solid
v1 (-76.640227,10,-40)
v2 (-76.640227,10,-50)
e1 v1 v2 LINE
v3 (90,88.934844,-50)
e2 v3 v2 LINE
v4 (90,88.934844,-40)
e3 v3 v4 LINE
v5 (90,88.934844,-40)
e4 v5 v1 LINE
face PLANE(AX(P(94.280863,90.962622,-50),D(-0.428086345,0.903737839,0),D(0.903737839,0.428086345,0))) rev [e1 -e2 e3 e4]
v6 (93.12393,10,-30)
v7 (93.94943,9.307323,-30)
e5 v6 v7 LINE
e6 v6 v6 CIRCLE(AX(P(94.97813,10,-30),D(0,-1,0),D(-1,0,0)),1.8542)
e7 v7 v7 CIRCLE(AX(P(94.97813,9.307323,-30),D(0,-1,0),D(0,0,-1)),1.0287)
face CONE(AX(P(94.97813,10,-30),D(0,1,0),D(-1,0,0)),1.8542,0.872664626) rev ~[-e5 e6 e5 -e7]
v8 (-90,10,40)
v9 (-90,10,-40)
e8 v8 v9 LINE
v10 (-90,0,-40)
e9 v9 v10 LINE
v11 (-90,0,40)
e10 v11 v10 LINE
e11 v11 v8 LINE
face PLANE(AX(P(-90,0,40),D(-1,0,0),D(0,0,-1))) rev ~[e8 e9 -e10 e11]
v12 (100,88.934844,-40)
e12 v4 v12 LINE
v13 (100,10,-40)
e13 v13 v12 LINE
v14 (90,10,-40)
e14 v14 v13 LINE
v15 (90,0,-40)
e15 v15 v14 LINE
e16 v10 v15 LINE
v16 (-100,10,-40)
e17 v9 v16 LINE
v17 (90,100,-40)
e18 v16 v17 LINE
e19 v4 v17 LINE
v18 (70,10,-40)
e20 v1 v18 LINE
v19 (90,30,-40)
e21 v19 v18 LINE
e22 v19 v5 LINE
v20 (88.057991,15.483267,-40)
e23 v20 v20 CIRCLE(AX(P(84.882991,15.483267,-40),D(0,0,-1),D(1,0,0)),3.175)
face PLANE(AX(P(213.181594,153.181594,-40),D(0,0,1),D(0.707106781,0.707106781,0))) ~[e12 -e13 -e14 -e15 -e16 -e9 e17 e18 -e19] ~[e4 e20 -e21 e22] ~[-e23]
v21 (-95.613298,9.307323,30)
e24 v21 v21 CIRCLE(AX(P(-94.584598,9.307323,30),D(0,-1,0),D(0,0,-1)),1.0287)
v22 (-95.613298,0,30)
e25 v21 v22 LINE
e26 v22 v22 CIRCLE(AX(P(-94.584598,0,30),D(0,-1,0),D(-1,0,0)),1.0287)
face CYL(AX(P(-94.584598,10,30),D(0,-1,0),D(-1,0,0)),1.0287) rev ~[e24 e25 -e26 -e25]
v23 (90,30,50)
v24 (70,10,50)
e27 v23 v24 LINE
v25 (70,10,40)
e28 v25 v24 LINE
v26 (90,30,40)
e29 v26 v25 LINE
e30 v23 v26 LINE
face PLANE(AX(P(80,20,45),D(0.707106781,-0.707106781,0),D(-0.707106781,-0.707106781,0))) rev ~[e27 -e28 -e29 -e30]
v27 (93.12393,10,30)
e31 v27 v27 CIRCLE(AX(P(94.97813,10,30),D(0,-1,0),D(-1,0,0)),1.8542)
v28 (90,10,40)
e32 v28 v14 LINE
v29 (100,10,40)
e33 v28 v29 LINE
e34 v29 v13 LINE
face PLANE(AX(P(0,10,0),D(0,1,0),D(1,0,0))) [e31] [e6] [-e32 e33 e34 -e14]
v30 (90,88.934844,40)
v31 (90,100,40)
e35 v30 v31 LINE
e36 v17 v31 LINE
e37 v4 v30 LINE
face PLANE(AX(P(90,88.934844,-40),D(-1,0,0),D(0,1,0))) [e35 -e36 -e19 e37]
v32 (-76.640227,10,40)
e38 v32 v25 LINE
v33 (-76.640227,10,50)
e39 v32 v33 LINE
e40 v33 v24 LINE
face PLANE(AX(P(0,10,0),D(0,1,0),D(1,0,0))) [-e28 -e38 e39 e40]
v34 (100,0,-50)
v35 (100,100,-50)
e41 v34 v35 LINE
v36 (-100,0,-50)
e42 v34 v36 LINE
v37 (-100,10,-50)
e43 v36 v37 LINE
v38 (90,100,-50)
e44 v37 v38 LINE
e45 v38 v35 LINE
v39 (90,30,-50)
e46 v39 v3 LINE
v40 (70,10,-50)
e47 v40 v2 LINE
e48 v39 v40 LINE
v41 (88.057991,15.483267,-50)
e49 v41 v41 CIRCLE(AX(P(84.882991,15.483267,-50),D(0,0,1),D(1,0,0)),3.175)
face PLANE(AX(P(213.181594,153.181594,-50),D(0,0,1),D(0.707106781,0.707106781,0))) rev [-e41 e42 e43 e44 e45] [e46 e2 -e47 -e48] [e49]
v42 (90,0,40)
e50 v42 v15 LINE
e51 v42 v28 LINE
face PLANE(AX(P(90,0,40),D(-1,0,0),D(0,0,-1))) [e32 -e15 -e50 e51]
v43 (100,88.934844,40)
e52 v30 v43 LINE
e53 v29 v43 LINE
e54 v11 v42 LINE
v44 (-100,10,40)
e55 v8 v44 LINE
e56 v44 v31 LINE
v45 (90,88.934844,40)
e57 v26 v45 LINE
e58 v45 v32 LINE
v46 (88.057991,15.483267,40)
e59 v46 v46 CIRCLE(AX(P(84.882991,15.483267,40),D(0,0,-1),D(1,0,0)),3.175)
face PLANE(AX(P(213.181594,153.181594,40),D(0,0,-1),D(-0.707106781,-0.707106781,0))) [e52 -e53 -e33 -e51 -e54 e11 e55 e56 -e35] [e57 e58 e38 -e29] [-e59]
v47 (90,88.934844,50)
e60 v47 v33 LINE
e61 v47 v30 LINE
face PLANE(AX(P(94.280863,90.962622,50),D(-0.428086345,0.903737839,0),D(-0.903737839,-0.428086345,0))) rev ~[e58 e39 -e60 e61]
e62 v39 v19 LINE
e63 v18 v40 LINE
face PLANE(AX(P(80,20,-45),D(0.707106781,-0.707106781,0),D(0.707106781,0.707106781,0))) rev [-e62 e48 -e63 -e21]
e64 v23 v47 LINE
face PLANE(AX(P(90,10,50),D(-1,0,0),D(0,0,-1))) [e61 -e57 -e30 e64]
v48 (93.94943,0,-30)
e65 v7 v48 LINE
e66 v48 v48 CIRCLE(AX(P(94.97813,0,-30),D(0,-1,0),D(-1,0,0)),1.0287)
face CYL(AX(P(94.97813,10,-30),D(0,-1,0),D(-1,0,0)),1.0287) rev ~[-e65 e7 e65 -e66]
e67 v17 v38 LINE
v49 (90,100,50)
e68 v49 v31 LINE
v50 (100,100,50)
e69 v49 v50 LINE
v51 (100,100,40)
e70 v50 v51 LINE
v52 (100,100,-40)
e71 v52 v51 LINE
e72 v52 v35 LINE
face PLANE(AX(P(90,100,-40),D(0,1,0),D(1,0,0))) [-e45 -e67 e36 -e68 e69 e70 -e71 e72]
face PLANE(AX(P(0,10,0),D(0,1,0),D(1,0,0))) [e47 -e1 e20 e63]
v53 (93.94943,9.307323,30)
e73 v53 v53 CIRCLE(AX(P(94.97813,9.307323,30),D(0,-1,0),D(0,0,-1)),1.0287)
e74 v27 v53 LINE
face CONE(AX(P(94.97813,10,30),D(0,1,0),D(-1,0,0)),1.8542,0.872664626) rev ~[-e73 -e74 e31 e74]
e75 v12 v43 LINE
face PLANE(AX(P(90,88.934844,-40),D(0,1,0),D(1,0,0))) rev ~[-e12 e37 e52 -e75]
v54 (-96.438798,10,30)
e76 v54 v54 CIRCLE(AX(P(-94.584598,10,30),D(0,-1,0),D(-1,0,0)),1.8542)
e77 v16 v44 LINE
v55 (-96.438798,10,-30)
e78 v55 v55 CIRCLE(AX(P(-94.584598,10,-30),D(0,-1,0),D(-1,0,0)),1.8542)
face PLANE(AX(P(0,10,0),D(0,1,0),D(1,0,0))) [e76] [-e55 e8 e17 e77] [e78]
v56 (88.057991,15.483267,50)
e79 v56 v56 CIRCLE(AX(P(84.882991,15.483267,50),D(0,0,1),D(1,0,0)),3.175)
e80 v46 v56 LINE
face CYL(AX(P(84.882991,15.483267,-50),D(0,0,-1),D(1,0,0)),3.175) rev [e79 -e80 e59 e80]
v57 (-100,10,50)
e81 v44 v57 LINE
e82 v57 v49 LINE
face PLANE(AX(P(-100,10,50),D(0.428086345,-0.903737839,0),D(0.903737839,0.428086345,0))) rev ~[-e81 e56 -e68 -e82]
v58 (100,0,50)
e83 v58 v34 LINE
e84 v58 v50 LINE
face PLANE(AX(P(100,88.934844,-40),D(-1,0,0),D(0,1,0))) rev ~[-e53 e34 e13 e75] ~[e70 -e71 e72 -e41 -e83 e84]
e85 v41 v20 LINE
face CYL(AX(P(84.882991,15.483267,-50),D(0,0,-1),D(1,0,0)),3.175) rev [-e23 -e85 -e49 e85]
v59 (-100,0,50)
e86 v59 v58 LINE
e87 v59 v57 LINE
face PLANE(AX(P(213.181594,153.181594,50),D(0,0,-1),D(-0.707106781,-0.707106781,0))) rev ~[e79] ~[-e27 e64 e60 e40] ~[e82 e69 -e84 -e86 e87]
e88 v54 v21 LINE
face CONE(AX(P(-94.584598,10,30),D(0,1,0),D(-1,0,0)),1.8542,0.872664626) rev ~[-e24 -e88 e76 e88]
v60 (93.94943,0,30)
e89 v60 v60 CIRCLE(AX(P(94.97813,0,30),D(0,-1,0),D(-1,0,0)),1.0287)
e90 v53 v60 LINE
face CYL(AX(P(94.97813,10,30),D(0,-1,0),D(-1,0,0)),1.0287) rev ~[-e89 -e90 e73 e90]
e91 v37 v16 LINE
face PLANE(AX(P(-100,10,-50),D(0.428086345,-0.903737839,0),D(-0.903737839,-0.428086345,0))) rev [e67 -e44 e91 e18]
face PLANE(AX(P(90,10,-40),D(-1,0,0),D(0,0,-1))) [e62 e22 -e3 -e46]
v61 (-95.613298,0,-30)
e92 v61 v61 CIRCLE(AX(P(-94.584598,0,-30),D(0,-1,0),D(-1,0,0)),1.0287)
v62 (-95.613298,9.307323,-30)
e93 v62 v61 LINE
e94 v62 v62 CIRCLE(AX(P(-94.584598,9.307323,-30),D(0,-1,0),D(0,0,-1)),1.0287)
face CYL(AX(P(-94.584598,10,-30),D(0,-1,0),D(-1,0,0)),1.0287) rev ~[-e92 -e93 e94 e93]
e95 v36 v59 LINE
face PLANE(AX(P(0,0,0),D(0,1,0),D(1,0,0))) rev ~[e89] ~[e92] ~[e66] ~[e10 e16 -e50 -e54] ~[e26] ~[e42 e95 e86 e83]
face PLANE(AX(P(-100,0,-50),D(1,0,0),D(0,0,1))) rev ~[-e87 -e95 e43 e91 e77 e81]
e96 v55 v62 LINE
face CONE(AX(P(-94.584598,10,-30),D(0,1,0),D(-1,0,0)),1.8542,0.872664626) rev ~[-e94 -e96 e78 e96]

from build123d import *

# Parameters (mm, degrees)
SKETCH1_W                                         = 180
SKETCH1_H                                         = 80
BOSS_EXTRUDE1_DEPTH                               = 10
SKETCH2_W                                         = 10
SKETCH2_H                                         = 10
BOSS_EXTRUDE2_DEPTH                               = 90
EXTRUDE_THIN1_DEPTH                               = 10
SKETCH4_W                                         = 10
SKETCH4_H                                         = 11.065155811
BOSS_EXTRUDE3_DEPTH                               = 80
RIB3_REACH                                        = 175.205
SKETCH5_WALL_W                                    = 376.694432762
SKETCH5_WALL_H                                    = 10
CUT_EXTRUDE1_START                                = -100
SKETCH6_R                                         = 3.175
CUT_EXTRUDE1_DEPTH                                = 100
CSK_FOR_1_FLAT_HEAD_MACHINE_SCREW_100_D           = 2.0574
CSK_FOR_1_FLAT_HEAD_MACHINE_SCREW_100_DEPTH       = 50
CSK_FOR_1_FLAT_HEAD_MACHINE_SCREW_100_CSINK_D     = 3.7084
CSK_FOR_1_FLAT_HEAD_MACHINE_SCREW_100_CSINK_ANGLE = 100
CSK_FOR_1_FLAT_HEAD_MACHINE_SCREW_100_TIP         = 0.618105319


with BuildPart() as part:
    # Sketch1 → Boss-Extrude1 (new body)
    with BuildSketch(Plane(origin=(0, 0, 0), x_dir=(1, 0, 0), z_dir=(0, 1, 0))):
        Polygon((100, 27.343827347), (100, 50), (-100, 50), (-100, 27.343827347), (-100, -27.343827347), (-100, -50), (100, -50), (100, -27.343827347), align=None)
        Rectangle(SKETCH1_W, SKETCH1_H, mode=Mode.SUBTRACT)
    extrude(amount=BOSS_EXTRUDE1_DEPTH)

    # Sketch2 → Boss-Extrude2 (add)
    with BuildSketch(Plane(origin=(0, 10, 0), x_dir=(1, 0, 0), z_dir=(0, 1, 0))):
        with Locations((95, -45)):
            Rectangle(SKETCH2_W, SKETCH2_H)
        with Locations((95, 45)):
            Rectangle(SKETCH2_W, SKETCH2_H)
    extrude(amount=BOSS_EXTRUDE2_DEPTH)

    # Sketch3 → Extrude-Thin1 (add)
    with BuildSketch(Plane.XY.offset(50)):
        Polygon((-100, 10), (90, 100), (94.280863447, 90.962621611), (-95.719136553, 0.962621611), align=None)
    extrude_thin1 = extrude(amount=-EXTRUDE_THIN1_DEPTH)

    # Mirror1: Extrude-Thin1 across plane
    add(extrude_thin1.mirror(Plane.XY))

    # Sketch4 → Boss-Extrude3 (add)
    with BuildSketch(Plane.XY.offset(-40)):
        with Locations((95, 94.467422094)):
            Rectangle(SKETCH4_W, SKETCH4_H)
    extrude(amount=BOSS_EXTRUDE3_DEPTH)

    # Sketch5 wall → Rib3 (add, up to next)
    with BuildSketch(Plane(origin=(80, 20, 50), x_dir=(-0.707106781187, -0.707106781187, 0), z_dir=(0.707106781187, -0.707106781187, 0)), mode=Mode.PRIVATE) as rib3_sk1:
        with Locations((0, 5)):
            Rectangle(SKETCH5_WALL_W, SKETCH5_WALL_H)
    rib3_tool1 = extrude(rib3_sk1.sketch, amount=RIB3_REACH, mode=Mode.PRIVATE) - part.part
    rib3 = rib3_tool1.solids().sort_by_distance((80, 20, 50))[0]
    add(rib3)

    # Mirror2: Rib3 across plane
    add(rib3.mirror(Plane.XY))

    # Sketch6 → Cut-Extrude1 (cut)
    with BuildSketch(Plane.XY.offset(50).offset(CUT_EXTRUDE1_START)):
        with Locations((84.882990755, 15.483266945)):
            Circle(SKETCH6_R)
    extrude(amount=CUT_EXTRUDE1_DEPTH, mode=Mode.SUBTRACT)

    # CSK for #1 Flat Head Machine Screw (100)1
    with Locations(Plane(origin=(0, 10, 0), x_dir=(1, 0, 0), z_dir=(0, 1, 0))):
        with Locations((-94.584598499, -30), (-94.584598499, 30), (94.978129644, 30), (94.978129644, -30)):
            CounterSinkHole(CSK_FOR_1_FLAT_HEAD_MACHINE_SCREW_100_D / 2, CSK_FOR_1_FLAT_HEAD_MACHINE_SCREW_100_CSINK_D / 2, depth=CSK_FOR_1_FLAT_HEAD_MACHINE_SCREW_100_DEPTH, counter_sink_angle=CSK_FOR_1_FLAT_HEAD_MACHINE_SCREW_100_CSINK_ANGLE)
            with Locations((0, 0, -(CSK_FOR_1_FLAT_HEAD_MACHINE_SCREW_100_DEPTH + CSK_FOR_1_FLAT_HEAD_MACHINE_SCREW_100_TIP / 2))):  # 118° drill point
                Cone(0, CSK_FOR_1_FLAT_HEAD_MACHINE_SCREW_100_D / 2, CSK_FOR_1_FLAT_HEAD_MACHINE_SCREW_100_TIP, mode=Mode.SUBTRACT)


solid = part.part
